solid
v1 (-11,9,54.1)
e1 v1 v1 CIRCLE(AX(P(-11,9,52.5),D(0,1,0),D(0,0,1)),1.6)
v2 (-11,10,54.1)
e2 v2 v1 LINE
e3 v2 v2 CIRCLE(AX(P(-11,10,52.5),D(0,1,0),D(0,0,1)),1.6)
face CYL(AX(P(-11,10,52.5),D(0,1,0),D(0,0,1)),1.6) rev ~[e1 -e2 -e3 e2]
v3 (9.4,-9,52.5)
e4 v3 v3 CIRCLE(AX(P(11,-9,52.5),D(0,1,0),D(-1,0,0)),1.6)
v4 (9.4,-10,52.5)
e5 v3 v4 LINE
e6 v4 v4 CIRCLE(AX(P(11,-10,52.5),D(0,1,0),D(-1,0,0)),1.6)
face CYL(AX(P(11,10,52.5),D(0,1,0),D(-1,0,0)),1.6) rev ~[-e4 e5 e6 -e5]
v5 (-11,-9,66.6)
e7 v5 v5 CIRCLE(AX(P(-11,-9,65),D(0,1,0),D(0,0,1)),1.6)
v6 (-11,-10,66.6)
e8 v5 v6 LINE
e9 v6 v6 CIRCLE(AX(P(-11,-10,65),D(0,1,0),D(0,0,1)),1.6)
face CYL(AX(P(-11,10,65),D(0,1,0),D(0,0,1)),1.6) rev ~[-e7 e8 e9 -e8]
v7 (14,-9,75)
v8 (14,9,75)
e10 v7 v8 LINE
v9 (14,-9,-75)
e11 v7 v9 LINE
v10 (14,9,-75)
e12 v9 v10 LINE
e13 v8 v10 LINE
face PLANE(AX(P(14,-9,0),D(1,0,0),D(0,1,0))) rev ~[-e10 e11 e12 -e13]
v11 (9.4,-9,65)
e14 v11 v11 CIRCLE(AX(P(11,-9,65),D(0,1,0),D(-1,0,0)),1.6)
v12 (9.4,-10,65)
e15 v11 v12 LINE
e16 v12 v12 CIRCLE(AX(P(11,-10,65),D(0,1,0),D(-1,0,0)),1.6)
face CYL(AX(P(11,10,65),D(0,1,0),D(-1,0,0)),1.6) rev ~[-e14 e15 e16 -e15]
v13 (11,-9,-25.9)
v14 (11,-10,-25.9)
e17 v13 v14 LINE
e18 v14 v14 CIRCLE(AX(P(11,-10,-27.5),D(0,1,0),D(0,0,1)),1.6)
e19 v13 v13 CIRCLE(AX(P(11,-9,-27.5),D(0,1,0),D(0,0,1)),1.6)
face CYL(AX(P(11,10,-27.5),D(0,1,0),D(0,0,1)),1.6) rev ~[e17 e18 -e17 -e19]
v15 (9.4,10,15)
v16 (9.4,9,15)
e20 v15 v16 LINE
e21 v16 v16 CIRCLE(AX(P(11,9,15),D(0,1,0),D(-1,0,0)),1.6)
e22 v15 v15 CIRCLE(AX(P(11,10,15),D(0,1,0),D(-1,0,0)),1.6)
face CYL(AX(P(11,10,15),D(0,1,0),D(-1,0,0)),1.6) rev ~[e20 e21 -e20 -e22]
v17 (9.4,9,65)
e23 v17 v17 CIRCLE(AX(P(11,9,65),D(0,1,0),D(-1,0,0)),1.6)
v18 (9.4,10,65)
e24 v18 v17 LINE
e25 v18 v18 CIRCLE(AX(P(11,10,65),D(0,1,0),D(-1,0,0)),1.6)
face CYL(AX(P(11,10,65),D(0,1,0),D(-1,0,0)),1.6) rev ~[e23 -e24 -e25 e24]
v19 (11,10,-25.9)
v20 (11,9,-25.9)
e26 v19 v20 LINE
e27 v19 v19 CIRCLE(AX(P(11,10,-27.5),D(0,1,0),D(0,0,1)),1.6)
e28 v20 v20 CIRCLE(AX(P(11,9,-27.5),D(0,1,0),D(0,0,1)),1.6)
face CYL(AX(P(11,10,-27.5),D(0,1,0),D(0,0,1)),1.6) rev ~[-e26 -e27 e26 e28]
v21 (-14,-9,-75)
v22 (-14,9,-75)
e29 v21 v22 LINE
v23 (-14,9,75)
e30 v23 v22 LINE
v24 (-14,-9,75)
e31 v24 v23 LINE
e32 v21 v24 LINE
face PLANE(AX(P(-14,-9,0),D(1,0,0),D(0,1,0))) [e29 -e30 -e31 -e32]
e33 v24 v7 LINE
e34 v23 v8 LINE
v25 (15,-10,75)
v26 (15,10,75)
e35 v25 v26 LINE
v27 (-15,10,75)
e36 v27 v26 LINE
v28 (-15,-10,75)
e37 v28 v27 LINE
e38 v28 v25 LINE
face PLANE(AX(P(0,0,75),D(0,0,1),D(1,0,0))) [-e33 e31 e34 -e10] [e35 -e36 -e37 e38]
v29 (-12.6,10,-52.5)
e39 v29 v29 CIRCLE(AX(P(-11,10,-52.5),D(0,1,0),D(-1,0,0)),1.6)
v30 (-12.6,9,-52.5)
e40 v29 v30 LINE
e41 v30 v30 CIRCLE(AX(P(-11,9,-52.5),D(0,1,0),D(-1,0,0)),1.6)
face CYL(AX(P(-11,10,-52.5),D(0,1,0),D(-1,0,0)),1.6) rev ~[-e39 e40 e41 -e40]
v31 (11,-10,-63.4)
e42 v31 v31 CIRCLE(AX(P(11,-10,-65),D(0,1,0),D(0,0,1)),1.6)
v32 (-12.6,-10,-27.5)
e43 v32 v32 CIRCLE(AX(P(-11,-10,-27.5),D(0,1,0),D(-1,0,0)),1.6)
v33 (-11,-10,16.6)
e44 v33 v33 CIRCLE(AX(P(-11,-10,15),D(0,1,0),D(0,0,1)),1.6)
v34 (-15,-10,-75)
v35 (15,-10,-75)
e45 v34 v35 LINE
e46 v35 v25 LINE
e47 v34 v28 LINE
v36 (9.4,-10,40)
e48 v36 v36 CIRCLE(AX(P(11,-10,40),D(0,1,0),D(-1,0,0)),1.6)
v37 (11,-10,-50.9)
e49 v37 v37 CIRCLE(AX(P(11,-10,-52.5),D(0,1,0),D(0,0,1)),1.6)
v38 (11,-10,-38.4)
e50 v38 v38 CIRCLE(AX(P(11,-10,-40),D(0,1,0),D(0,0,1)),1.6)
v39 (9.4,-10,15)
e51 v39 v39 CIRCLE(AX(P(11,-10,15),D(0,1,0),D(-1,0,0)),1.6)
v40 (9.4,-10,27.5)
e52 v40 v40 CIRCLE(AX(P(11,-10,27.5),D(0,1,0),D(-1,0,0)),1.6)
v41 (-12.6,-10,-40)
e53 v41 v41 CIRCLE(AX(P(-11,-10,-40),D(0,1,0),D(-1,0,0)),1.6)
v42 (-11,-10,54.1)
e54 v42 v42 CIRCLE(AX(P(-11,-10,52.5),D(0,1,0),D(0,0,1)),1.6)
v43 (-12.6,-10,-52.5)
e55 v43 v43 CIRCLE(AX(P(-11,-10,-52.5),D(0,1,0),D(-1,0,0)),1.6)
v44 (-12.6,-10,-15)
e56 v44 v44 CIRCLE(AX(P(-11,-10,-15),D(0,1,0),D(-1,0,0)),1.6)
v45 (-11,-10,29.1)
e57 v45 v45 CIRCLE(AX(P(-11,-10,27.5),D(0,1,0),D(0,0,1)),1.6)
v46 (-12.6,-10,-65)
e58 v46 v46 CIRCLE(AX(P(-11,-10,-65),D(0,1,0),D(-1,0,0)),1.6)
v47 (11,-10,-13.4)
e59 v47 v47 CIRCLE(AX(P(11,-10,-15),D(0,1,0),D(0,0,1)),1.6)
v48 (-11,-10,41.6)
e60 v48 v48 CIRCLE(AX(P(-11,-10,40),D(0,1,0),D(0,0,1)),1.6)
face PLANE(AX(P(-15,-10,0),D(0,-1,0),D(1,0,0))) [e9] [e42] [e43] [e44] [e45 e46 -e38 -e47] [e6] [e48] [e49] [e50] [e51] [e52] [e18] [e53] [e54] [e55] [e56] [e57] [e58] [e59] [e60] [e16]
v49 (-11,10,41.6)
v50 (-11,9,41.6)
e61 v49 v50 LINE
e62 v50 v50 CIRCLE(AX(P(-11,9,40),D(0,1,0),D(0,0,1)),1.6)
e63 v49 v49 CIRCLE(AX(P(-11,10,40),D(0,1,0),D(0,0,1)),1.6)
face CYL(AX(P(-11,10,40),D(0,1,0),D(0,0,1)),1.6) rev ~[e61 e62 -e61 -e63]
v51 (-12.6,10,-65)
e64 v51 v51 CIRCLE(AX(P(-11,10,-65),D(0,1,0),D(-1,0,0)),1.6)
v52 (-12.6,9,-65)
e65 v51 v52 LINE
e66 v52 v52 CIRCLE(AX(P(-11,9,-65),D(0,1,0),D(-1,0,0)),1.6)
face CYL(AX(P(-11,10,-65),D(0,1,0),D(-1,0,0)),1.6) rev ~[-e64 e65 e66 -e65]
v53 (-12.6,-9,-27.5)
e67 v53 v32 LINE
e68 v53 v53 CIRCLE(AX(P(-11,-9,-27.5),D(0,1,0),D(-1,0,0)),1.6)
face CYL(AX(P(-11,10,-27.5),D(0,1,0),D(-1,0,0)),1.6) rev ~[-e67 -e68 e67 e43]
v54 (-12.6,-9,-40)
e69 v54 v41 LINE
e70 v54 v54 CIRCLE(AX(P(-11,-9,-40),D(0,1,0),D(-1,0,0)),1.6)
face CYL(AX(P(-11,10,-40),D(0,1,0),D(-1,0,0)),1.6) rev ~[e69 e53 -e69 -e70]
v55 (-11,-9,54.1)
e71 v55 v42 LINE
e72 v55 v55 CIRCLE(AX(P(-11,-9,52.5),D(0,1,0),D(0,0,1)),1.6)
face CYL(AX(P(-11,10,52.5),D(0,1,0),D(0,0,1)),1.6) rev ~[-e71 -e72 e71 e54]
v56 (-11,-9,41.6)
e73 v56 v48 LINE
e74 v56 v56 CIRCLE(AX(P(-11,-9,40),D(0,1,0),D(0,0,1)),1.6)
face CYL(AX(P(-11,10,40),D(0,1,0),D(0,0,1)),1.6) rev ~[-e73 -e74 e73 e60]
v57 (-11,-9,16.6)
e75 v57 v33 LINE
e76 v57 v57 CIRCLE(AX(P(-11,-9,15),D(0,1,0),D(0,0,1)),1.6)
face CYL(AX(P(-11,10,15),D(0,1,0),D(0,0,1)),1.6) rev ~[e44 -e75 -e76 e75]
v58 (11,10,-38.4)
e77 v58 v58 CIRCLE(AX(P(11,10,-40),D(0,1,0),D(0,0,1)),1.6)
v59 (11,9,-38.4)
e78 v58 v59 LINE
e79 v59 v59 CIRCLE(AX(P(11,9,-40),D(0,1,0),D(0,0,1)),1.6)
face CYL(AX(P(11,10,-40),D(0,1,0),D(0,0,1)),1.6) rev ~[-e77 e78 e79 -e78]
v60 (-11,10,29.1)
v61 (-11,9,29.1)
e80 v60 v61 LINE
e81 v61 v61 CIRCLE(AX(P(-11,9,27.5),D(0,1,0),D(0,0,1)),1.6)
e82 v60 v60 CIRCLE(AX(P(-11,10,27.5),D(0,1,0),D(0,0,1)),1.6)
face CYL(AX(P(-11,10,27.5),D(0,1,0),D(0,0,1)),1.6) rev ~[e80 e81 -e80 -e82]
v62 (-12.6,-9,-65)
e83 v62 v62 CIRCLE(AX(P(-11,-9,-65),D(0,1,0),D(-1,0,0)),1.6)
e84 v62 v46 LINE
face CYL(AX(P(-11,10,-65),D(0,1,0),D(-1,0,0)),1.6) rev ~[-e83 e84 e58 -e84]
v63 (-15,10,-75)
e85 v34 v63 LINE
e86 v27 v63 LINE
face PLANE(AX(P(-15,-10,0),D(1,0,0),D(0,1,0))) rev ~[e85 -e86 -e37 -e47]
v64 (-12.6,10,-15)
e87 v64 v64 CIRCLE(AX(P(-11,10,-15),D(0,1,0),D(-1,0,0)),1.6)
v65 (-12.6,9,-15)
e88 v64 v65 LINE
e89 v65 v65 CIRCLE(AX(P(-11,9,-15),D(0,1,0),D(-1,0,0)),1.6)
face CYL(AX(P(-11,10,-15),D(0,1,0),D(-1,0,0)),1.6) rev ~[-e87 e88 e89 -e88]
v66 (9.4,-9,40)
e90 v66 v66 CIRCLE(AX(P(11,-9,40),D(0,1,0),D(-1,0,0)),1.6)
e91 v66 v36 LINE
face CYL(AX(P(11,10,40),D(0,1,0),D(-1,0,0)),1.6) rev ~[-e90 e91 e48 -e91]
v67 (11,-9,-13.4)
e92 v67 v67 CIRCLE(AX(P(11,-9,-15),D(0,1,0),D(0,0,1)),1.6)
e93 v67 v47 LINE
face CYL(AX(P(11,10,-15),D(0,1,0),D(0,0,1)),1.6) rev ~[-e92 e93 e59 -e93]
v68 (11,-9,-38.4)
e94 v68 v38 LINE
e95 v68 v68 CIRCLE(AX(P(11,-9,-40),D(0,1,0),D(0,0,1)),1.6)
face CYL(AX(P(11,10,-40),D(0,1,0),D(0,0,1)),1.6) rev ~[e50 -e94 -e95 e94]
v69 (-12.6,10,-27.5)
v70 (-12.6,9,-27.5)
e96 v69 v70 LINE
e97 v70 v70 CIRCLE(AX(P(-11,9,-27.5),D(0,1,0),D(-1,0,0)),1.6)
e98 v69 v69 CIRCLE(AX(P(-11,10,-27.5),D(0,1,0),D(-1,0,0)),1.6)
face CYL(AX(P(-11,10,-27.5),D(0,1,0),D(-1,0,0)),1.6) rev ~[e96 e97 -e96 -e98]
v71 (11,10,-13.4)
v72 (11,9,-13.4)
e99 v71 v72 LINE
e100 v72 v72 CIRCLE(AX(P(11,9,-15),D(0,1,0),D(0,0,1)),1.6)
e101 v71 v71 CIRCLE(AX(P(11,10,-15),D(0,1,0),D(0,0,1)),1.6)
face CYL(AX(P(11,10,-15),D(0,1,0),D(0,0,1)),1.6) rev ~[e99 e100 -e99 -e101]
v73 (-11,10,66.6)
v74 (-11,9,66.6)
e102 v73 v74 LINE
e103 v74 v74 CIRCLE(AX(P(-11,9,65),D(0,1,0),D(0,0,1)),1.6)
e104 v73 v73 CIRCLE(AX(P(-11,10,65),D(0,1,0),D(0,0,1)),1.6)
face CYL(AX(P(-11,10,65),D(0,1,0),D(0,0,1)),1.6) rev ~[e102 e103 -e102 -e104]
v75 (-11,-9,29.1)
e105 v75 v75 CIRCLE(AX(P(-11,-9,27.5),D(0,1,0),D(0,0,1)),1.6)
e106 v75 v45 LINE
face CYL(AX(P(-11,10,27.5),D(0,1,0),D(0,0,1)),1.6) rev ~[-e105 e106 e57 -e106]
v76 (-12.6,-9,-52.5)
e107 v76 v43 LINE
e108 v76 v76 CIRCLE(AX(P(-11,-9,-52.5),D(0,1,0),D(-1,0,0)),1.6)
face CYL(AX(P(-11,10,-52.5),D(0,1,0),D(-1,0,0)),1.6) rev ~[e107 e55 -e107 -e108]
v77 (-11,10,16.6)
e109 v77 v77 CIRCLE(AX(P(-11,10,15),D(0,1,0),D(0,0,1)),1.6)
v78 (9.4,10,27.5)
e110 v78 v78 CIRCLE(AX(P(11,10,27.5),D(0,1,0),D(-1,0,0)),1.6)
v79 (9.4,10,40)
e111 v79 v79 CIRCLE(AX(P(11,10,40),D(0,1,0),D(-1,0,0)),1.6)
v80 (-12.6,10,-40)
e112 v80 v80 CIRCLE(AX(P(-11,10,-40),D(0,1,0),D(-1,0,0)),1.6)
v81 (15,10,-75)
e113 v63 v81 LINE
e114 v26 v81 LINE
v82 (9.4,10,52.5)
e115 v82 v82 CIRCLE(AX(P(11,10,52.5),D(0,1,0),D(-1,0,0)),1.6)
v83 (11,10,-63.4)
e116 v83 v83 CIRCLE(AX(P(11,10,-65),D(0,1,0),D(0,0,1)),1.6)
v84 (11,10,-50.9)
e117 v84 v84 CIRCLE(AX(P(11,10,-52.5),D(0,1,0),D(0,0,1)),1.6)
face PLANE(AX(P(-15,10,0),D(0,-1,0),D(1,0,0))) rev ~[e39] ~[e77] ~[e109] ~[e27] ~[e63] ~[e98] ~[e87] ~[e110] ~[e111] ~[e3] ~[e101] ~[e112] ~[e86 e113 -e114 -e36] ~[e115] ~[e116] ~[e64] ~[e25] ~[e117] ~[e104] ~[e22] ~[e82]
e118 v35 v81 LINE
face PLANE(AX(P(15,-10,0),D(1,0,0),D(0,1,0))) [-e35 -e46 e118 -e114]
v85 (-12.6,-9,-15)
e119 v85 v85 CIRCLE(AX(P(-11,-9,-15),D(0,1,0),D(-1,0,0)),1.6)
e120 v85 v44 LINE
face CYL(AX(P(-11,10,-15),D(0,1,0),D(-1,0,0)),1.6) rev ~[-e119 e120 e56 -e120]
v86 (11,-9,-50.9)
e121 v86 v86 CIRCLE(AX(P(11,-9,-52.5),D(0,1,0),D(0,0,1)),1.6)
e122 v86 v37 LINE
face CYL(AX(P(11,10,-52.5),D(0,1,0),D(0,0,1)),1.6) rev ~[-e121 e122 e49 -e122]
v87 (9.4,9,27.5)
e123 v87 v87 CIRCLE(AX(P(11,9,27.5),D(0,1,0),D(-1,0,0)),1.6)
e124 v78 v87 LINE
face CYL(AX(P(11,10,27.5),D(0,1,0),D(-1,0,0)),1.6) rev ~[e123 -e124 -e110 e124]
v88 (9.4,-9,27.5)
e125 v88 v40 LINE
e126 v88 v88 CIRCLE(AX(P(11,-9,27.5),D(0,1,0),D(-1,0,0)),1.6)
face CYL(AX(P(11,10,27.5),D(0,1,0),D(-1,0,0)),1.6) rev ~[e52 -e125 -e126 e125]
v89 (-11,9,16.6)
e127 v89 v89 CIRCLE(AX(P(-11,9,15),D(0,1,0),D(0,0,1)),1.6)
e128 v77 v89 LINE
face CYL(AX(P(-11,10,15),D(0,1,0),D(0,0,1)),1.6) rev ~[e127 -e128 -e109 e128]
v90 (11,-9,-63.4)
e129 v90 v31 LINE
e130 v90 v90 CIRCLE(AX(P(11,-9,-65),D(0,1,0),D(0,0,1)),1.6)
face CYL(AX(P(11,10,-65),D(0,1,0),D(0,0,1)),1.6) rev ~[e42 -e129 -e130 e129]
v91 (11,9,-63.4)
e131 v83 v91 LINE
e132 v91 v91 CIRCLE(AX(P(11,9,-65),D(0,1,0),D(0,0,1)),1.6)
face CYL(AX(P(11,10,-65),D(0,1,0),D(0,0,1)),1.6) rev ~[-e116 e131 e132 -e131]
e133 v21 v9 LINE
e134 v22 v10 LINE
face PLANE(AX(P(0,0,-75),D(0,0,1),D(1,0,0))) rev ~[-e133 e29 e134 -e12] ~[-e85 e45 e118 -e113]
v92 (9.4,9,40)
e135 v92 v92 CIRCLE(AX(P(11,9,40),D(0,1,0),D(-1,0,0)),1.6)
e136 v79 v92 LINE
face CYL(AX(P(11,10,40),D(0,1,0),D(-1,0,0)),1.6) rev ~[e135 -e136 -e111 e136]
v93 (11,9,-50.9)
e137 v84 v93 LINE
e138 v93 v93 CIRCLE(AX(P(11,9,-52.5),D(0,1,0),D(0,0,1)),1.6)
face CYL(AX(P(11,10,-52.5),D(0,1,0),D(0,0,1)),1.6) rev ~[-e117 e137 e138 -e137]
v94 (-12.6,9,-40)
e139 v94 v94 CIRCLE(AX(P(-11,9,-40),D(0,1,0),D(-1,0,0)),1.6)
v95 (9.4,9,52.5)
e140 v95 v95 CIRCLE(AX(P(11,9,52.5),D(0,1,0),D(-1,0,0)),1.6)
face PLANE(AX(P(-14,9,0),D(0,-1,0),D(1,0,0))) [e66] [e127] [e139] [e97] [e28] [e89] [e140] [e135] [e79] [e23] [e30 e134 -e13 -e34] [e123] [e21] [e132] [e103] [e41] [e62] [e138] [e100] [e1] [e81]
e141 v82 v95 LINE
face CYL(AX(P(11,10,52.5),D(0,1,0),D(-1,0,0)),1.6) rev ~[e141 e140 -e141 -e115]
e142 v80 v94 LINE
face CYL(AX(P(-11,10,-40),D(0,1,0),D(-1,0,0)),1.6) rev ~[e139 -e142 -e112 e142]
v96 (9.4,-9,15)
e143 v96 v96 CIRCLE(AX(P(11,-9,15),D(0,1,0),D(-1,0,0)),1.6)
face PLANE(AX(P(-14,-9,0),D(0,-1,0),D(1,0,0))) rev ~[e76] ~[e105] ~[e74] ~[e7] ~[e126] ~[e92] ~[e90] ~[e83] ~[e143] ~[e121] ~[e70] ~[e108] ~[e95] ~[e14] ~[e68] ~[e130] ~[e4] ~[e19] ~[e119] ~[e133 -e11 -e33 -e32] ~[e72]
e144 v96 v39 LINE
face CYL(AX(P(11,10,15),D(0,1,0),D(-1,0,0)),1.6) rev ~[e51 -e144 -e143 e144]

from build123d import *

# Parameters (mm, degrees)
SKETCH_1_W          = 30
SKETCH_1_H          = 20
SKETCH_1_W_2        = 28
SKETCH_1_H_2        = 18
EXTRUDE_1_DEPTH     = 75
SKETCH_2_R          = 1.6
CUT_EXTRUDE_1_DEPTH = 80.056941504


with BuildPart() as part:
    # 草图1 → 凸台-拉伸1 (new, symmetric)
    with BuildSketch(Plane.XY):
        Rectangle(SKETCH_1_W, SKETCH_1_H)
        Rectangle(SKETCH_1_W_2, SKETCH_1_H_2, mode=Mode.SUBTRACT)
    extrude(amount=EXTRUDE_1_DEPTH, both=True)

    # 草图2 → 切除-拉伸1 (cut, through all)
    with BuildSketch(Plane(origin=(0, 10, 0), x_dir=(1, 0, 0), z_dir=(0, 1, 0))):
        with Locations(Location((-11, -65, 0), (0, 0, 270))):
            Circle(SKETCH_2_R)
        with Locations(Location((-11, -52.5, 0), (0, 0, 270))):
            Circle(SKETCH_2_R)
        with Locations(Location((-11, -40, 0), (0, 0, 270))):
            Circle(SKETCH_2_R)
        with Locations(Location((-11, -27.5, 0), (0, 0, 270))):
            Circle(SKETCH_2_R)
        with Locations(Location((11, -27.5, 0), (0, 0, 180))):
            Circle(SKETCH_2_R)
        with Locations(Location((11, -40, 0), (0, 0, 180))):
            Circle(SKETCH_2_R)
        with Locations(Location((11, -52.5, 0), (0, 0, 180))):
            Circle(SKETCH_2_R)
        with Locations(Location((11, -65, 0), (0, 0, 180))):
            Circle(SKETCH_2_R)
        with Locations(Location((11, 27.5, 0), (0, 0, 270))):
            Circle(SKETCH_2_R)
        with Locations(Location((-11, 27.5, 0), (0, 0, 180))):
            Circle(SKETCH_2_R)
        with Locations(Location((11, 40, 0), (0, 0, 270))):
            Circle(SKETCH_2_R)
        with Locations(Location((-11, 40, 0), (0, 0, 180))):
            Circle(SKETCH_2_R)
        with Locations(Location((11, 52.5, 0), (0, 0, 270))):
            Circle(SKETCH_2_R)
        with Locations(Location((-11, 52.5, 0), (0, 0, 180))):
            Circle(SKETCH_2_R)
        with Locations(Location((11, 65, 0), (0, 0, 270))):
            Circle(SKETCH_2_R)
        with Locations(Location((-11, 65, 0), (0, 0, 180))):
            Circle(SKETCH_2_R)
        with Locations(Location((-11, -15, 0), (0, 0, 270))):
            Circle(SKETCH_2_R)
        with Locations(Location((11, -15, 0), (0, 0, 180))):
            Circle(SKETCH_2_R)
        with Locations(Location((11, 15, 0), (0, 0, 270))):
            Circle(SKETCH_2_R)
        with Locations(Location((-11, 15, 0), (0, 0, 180))):
            Circle(SKETCH_2_R)
    extrude(amount=-CUT_EXTRUDE_1_DEPTH, mode=Mode.SUBTRACT)


solid = part.part
